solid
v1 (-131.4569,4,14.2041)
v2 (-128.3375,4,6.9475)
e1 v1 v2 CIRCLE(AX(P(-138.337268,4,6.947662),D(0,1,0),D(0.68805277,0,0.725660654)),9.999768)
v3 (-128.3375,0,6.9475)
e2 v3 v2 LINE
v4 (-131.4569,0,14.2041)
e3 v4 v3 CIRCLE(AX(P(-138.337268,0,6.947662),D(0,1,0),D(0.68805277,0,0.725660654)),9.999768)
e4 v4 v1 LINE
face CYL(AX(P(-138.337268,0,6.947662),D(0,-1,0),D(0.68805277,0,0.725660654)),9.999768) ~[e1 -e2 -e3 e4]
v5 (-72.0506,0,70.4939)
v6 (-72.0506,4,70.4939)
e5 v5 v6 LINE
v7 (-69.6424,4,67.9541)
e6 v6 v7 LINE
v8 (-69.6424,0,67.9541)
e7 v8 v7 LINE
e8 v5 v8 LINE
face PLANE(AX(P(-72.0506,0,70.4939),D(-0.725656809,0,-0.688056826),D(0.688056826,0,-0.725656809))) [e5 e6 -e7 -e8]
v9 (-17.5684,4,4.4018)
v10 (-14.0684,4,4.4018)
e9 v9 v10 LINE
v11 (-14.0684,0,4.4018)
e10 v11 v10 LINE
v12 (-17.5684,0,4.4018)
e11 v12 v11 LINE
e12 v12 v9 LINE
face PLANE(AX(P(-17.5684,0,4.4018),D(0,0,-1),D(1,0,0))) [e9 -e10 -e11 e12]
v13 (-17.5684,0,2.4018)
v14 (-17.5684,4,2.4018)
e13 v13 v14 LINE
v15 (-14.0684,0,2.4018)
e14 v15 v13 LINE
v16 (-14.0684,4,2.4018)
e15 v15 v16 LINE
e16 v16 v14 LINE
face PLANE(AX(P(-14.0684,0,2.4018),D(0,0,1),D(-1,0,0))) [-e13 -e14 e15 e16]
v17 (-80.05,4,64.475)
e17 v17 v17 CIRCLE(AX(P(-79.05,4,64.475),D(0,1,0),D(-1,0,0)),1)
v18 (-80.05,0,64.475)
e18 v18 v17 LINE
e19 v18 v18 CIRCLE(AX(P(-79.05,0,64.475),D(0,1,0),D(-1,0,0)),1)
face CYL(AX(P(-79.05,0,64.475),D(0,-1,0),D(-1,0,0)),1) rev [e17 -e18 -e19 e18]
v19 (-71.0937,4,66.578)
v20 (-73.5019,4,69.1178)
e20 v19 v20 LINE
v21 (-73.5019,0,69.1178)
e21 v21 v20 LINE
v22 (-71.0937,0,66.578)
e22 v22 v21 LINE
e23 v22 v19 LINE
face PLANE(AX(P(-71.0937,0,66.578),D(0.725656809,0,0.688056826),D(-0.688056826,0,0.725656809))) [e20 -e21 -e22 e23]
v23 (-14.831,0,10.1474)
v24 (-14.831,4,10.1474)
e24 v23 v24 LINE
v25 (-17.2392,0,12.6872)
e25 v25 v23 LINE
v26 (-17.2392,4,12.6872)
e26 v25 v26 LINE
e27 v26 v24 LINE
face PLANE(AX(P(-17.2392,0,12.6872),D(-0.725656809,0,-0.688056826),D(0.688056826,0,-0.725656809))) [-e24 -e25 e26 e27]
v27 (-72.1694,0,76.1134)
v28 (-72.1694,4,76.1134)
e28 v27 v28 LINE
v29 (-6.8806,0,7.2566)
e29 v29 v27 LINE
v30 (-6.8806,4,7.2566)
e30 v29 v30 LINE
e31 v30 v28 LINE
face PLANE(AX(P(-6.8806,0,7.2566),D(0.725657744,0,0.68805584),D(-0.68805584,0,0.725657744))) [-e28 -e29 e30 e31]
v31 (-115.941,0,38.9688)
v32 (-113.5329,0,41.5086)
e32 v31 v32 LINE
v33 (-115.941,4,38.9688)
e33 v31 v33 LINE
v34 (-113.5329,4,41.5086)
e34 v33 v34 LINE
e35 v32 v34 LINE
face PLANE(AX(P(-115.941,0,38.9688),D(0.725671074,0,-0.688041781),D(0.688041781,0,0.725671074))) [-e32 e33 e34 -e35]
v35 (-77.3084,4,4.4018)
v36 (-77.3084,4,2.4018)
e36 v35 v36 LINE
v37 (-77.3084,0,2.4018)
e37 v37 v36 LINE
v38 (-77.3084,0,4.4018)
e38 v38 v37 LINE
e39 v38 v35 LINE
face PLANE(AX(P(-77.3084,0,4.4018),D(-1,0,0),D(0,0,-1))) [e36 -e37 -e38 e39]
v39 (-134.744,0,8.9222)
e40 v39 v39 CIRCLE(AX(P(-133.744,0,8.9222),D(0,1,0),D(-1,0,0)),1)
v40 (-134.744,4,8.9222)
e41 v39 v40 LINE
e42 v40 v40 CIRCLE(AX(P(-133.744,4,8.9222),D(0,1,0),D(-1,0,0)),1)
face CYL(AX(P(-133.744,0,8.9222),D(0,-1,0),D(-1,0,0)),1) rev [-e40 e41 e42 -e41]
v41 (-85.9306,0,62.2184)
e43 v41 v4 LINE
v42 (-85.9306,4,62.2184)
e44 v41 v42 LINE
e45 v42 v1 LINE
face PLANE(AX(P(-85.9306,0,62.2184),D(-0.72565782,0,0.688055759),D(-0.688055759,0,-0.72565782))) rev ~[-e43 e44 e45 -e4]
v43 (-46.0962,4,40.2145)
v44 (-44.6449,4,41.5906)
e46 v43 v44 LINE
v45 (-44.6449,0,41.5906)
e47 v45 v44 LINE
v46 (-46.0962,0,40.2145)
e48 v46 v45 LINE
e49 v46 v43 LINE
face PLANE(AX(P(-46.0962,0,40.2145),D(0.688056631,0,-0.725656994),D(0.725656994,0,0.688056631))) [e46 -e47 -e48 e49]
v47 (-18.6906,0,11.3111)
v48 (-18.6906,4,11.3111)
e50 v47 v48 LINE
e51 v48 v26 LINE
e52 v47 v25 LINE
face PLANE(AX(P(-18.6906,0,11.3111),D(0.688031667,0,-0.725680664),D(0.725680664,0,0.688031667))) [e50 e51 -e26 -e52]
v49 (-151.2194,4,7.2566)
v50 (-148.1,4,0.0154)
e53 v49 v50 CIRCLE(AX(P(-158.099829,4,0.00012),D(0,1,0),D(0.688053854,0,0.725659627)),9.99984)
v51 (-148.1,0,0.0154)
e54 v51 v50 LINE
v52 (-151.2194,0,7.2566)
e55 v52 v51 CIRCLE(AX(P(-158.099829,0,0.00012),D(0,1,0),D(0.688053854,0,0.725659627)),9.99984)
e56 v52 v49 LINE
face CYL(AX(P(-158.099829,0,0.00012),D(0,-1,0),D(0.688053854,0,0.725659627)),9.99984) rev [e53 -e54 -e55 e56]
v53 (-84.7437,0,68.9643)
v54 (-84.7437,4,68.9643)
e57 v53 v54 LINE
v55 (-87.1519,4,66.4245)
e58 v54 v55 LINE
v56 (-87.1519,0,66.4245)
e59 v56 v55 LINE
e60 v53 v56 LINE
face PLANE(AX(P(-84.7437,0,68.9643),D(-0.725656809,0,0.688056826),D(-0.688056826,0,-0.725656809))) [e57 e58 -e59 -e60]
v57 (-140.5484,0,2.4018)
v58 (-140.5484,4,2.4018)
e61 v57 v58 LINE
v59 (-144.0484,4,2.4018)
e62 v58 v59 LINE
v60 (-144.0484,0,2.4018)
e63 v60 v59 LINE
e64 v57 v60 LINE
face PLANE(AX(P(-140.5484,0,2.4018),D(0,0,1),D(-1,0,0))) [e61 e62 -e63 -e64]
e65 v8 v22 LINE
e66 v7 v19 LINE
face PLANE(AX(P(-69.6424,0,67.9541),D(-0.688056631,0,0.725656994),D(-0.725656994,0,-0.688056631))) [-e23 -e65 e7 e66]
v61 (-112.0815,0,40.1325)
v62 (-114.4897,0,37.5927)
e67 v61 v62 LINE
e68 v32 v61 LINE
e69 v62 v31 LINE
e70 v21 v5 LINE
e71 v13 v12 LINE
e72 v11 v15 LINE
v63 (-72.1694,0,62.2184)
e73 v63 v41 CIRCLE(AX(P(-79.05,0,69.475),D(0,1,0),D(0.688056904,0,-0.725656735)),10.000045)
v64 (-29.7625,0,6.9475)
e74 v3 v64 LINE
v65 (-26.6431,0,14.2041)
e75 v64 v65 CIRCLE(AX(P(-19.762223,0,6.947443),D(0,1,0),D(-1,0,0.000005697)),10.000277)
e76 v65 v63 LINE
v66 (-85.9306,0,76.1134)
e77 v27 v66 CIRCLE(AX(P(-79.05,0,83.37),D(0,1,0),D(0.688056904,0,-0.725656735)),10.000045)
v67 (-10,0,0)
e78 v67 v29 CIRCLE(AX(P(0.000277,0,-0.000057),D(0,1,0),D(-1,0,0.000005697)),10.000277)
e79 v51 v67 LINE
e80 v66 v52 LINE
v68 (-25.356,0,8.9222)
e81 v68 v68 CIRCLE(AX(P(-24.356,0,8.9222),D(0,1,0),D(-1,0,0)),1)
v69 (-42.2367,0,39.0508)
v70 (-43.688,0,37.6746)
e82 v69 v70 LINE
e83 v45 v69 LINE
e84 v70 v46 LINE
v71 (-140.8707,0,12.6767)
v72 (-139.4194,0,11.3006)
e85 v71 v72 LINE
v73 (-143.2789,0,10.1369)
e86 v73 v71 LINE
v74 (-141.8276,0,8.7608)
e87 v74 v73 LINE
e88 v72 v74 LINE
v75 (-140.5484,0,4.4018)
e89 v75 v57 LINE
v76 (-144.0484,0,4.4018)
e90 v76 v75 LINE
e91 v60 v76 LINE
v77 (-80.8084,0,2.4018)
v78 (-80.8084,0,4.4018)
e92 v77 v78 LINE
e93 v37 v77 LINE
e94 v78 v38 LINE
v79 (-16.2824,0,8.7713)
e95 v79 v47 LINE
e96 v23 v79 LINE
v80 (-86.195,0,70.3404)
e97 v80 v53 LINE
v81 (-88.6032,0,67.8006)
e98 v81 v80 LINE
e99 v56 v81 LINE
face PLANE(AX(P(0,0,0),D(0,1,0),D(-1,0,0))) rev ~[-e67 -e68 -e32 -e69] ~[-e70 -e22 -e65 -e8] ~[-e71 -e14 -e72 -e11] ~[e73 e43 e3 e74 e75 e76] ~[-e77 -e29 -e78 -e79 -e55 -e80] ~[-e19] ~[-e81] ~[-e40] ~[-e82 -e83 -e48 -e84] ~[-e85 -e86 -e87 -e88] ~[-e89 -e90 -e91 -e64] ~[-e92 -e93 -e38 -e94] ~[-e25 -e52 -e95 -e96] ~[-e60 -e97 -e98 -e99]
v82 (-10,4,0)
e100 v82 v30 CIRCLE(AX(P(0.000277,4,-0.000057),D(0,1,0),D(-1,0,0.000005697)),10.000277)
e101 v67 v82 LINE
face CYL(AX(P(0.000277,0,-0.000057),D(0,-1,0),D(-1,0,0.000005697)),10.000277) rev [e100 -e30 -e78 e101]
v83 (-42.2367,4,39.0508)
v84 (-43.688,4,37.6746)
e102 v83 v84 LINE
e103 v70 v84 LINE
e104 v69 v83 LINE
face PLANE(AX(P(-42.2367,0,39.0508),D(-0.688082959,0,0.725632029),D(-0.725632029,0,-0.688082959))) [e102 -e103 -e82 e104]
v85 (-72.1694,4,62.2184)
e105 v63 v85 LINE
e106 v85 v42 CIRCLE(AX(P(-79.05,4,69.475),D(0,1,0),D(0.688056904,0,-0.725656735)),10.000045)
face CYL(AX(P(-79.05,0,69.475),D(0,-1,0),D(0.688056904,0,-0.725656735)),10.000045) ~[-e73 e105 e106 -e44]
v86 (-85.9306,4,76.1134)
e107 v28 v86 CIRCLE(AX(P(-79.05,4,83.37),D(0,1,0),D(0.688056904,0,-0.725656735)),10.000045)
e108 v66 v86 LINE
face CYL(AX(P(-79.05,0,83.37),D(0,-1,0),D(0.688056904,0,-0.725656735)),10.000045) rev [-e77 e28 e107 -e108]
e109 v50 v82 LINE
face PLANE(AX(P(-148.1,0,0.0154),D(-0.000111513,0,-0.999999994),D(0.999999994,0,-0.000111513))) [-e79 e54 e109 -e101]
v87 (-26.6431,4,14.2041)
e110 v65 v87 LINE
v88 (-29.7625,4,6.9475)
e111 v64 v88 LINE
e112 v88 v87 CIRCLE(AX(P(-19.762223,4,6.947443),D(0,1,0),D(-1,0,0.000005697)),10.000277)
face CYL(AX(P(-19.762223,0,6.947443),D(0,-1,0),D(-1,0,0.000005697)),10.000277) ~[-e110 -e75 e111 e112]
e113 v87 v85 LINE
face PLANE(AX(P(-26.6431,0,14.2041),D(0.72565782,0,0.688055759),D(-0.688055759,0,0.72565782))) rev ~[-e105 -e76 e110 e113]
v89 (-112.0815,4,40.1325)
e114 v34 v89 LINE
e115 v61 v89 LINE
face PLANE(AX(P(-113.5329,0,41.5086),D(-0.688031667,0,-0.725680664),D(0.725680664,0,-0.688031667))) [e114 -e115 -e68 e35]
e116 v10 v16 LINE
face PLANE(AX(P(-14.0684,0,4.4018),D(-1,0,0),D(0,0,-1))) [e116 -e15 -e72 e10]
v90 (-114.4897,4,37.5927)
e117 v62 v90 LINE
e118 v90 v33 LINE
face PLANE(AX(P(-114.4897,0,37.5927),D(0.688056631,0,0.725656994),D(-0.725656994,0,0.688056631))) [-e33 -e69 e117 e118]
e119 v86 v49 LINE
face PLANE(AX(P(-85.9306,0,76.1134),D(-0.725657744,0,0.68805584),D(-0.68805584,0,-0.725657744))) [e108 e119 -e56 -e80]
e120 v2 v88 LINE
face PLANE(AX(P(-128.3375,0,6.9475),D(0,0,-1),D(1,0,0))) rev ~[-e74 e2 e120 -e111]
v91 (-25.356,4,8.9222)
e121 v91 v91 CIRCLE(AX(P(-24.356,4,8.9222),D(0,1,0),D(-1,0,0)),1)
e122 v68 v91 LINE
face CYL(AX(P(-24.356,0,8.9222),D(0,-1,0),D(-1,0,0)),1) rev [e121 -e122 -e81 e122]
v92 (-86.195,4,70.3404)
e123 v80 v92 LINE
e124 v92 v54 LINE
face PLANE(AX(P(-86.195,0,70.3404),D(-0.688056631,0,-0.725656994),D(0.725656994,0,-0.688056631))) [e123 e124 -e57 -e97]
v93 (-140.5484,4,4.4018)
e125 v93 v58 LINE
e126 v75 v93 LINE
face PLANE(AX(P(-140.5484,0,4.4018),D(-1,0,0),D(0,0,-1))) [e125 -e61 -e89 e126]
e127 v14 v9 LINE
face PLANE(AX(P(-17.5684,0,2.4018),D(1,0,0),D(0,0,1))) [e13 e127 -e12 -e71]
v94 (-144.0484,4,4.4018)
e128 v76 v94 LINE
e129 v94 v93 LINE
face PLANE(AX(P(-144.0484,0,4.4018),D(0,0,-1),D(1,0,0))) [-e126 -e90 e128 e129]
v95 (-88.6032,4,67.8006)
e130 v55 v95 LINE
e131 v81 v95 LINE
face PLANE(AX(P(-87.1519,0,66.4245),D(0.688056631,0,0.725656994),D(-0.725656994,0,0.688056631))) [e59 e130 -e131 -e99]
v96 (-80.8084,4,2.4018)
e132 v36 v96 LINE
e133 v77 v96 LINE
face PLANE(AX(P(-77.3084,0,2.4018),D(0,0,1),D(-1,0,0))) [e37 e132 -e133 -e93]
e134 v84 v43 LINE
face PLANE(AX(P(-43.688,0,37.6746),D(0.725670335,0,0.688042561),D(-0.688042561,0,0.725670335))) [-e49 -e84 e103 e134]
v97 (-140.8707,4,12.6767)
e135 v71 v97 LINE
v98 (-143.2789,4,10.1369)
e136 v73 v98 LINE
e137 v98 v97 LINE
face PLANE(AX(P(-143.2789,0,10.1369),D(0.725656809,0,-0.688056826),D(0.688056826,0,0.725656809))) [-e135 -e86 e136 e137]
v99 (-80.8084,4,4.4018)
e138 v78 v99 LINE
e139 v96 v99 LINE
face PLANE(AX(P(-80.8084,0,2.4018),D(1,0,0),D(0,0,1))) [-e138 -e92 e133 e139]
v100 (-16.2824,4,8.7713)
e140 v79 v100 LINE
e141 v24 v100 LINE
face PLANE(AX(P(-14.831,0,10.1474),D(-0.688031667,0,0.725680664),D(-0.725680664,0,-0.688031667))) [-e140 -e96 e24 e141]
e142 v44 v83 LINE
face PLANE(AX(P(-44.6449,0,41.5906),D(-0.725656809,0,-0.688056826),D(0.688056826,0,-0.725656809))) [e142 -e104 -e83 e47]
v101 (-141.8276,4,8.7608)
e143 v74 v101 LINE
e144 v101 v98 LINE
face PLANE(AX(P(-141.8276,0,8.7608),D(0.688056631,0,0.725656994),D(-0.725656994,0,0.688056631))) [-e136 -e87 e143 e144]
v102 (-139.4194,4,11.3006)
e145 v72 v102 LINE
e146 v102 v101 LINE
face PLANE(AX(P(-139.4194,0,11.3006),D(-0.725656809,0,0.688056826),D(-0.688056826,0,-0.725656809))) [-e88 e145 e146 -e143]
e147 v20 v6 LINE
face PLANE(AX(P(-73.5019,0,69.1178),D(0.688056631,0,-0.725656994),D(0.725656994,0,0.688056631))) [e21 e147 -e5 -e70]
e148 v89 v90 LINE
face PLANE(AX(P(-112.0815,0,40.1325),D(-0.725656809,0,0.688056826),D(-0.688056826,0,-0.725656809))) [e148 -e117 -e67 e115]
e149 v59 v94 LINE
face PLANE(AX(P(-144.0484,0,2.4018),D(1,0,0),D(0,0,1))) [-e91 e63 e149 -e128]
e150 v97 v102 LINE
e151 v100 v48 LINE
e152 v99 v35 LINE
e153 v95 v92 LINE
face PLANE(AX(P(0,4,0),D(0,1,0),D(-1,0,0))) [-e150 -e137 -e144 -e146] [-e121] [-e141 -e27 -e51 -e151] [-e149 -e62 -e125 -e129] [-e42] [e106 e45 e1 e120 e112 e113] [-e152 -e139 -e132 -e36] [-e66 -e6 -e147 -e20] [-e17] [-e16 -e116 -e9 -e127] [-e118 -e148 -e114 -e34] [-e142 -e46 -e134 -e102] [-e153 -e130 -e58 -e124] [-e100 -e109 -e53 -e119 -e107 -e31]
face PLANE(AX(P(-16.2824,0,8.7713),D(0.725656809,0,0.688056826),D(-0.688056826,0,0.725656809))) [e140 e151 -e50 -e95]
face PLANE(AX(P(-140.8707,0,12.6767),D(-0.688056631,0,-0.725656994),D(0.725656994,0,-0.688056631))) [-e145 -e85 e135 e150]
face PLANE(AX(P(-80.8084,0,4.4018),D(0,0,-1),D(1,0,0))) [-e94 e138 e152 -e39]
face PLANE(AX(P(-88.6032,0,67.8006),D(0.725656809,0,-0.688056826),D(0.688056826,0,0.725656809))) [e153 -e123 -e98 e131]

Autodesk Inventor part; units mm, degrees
ref_plane "YZ Plane" through (0, 0, 0) normal (1, 0, 0) x (0, 1, 0)
ref_plane "XZ Plane" through (0, 0, 0) normal (0, 1, 0) x (-1, 0, 0)
ref_plane "XY Plane" through (0, 0, 0) normal (0, 0, 1) x (1, 0, 0)
sketch "Sketch1" plane through (0, 0, 0) normal (0, 1, 0) x (-1, 0, 0)
  arc A0 (10, 0) -> (6.8806, 7.2566) centre (0, 0) ccw
  arc A1 (151.2194, 7.2566) -> (148.1, 0.0154) centre (158.1, 0) ccw
  arc A2 (29.7625, 6.9475) -> (26.6431, 14.2041) centre (19.7625, 6.9475) ccw
  arc A3 (131.4569, 14.2041) -> (128.3375, 6.9475) centre (138.3375, 6.9475) ccw
  arc A4 (72.1694, 62.2184) -> (85.9306, 62.2184) centre (79.05, 69.475) ccw
  circle A5 centre (79.05, 64.475) radius 1
  circle A6 centre (133.744, 8.9222) radius 1
  circle A7 centre (24.356, 8.9222) radius 1
  line L0 (26.6431, 14.2041) -> (72.1694, 62.2184)
  line L1 (85.9306, 62.2184) -> (131.4569, 14.2041)
  line L2 (128.3375, 6.9475) -> (29.7625, 6.9475)
  line L3 (6.8806, 7.2566) -> (72.1694, 76.1134)
  line L4 (85.9306, 76.1134) -> (151.2194, 7.2566)
  line L5 (148.1, 0.0154) -> (10, 0)
  arc A8 (72.1694, 76.1134) -> (85.9306, 76.1134) centre (79.05, 83.37) ccw
  line L6 (14.0684, 2.4018) -> (17.5684, 2.4018)
  line L7 (17.5684, 2.4018) -> (17.5684, 4.4018)
  line L8 (17.5684, 4.4018) -> (14.0684, 4.4018)
  line L9 (14.0684, 4.4018) -> (14.0684, 2.4018)
  line L10 (77.3084, 2.4018) -> (80.8084, 2.4018)
  line L11 (80.8084, 2.4018) -> (80.8084, 4.4018)
  line L12 (80.8084, 4.4018) -> (77.3084, 4.4018)
  line L13 (77.3084, 4.4018) -> (77.3084, 2.4018)
  line L14 (140.5484, 2.4018) -> (144.0484, 2.4018)
  line L15 (144.0484, 2.4018) -> (144.0484, 4.4018)
  line L16 (144.0484, 4.4018) -> (140.5484, 4.4018)
  line L17 (140.5484, 4.4018) -> (140.5484, 2.4018)
  line L18 (16.2824, 8.7713) -> (18.6906, 11.3111)
  line L19 (18.6906, 11.3111) -> (17.2392, 12.6872)
  line L20 (17.2392, 12.6872) -> (14.831, 10.1474)
  line L21 (14.831, 10.1474) -> (16.2824, 8.7713)
  line L22 (43.688, 37.6746) -> (46.0962, 40.2145)
  line L23 (46.0962, 40.2145) -> (44.6449, 41.5906)
  line L24 (44.6449, 41.5906) -> (42.2367, 39.0508)
  line L25 (42.2367, 39.0508) -> (43.688, 37.6746)
  line L26 (71.0937, 66.578) -> (73.5019, 69.1178)
  line L27 (73.5019, 69.1178) -> (72.0506, 70.4939)
  line L28 (72.0506, 70.4939) -> (69.6424, 67.9541)
  line L29 (69.6424, 67.9541) -> (71.0937, 66.578)
  line L30 (143.2789, 10.1369) -> (140.8707, 12.6767)
  line L31 (140.8707, 12.6767) -> (139.4194, 11.3006)
  line L32 (139.4194, 11.3006) -> (141.8276, 8.7608)
  line L33 (141.8276, 8.7608) -> (143.2789, 10.1369)
  line L34 (115.941, 38.9688) -> (113.5329, 41.5086)
  line L35 (113.5329, 41.5086) -> (112.0815, 40.1325)
  line L36 (112.0815, 40.1325) -> (114.4897, 37.5927)
  line L37 (114.4897, 37.5927) -> (115.941, 38.9688)
  line L38 (88.6032, 67.8006) -> (86.195, 70.3404)
  line L39 (86.195, 70.3404) -> (84.7437, 68.9643)
  line L40 (84.7437, 68.9643) -> (87.1519, 66.4245)
  line L41 (87.1519, 66.4245) -> (88.6032, 67.8006)
  point P0 (151.2194, 7.2566)
  point P1 (85.9306, 76.1134)
  point P2 (29.7625, 6.9475)
  point P3 (131.4569, 14.2041)
extrude "Extrusion1" add sketch "Sketch1" along normal blind 4
properties part number "aab_camera_face"
